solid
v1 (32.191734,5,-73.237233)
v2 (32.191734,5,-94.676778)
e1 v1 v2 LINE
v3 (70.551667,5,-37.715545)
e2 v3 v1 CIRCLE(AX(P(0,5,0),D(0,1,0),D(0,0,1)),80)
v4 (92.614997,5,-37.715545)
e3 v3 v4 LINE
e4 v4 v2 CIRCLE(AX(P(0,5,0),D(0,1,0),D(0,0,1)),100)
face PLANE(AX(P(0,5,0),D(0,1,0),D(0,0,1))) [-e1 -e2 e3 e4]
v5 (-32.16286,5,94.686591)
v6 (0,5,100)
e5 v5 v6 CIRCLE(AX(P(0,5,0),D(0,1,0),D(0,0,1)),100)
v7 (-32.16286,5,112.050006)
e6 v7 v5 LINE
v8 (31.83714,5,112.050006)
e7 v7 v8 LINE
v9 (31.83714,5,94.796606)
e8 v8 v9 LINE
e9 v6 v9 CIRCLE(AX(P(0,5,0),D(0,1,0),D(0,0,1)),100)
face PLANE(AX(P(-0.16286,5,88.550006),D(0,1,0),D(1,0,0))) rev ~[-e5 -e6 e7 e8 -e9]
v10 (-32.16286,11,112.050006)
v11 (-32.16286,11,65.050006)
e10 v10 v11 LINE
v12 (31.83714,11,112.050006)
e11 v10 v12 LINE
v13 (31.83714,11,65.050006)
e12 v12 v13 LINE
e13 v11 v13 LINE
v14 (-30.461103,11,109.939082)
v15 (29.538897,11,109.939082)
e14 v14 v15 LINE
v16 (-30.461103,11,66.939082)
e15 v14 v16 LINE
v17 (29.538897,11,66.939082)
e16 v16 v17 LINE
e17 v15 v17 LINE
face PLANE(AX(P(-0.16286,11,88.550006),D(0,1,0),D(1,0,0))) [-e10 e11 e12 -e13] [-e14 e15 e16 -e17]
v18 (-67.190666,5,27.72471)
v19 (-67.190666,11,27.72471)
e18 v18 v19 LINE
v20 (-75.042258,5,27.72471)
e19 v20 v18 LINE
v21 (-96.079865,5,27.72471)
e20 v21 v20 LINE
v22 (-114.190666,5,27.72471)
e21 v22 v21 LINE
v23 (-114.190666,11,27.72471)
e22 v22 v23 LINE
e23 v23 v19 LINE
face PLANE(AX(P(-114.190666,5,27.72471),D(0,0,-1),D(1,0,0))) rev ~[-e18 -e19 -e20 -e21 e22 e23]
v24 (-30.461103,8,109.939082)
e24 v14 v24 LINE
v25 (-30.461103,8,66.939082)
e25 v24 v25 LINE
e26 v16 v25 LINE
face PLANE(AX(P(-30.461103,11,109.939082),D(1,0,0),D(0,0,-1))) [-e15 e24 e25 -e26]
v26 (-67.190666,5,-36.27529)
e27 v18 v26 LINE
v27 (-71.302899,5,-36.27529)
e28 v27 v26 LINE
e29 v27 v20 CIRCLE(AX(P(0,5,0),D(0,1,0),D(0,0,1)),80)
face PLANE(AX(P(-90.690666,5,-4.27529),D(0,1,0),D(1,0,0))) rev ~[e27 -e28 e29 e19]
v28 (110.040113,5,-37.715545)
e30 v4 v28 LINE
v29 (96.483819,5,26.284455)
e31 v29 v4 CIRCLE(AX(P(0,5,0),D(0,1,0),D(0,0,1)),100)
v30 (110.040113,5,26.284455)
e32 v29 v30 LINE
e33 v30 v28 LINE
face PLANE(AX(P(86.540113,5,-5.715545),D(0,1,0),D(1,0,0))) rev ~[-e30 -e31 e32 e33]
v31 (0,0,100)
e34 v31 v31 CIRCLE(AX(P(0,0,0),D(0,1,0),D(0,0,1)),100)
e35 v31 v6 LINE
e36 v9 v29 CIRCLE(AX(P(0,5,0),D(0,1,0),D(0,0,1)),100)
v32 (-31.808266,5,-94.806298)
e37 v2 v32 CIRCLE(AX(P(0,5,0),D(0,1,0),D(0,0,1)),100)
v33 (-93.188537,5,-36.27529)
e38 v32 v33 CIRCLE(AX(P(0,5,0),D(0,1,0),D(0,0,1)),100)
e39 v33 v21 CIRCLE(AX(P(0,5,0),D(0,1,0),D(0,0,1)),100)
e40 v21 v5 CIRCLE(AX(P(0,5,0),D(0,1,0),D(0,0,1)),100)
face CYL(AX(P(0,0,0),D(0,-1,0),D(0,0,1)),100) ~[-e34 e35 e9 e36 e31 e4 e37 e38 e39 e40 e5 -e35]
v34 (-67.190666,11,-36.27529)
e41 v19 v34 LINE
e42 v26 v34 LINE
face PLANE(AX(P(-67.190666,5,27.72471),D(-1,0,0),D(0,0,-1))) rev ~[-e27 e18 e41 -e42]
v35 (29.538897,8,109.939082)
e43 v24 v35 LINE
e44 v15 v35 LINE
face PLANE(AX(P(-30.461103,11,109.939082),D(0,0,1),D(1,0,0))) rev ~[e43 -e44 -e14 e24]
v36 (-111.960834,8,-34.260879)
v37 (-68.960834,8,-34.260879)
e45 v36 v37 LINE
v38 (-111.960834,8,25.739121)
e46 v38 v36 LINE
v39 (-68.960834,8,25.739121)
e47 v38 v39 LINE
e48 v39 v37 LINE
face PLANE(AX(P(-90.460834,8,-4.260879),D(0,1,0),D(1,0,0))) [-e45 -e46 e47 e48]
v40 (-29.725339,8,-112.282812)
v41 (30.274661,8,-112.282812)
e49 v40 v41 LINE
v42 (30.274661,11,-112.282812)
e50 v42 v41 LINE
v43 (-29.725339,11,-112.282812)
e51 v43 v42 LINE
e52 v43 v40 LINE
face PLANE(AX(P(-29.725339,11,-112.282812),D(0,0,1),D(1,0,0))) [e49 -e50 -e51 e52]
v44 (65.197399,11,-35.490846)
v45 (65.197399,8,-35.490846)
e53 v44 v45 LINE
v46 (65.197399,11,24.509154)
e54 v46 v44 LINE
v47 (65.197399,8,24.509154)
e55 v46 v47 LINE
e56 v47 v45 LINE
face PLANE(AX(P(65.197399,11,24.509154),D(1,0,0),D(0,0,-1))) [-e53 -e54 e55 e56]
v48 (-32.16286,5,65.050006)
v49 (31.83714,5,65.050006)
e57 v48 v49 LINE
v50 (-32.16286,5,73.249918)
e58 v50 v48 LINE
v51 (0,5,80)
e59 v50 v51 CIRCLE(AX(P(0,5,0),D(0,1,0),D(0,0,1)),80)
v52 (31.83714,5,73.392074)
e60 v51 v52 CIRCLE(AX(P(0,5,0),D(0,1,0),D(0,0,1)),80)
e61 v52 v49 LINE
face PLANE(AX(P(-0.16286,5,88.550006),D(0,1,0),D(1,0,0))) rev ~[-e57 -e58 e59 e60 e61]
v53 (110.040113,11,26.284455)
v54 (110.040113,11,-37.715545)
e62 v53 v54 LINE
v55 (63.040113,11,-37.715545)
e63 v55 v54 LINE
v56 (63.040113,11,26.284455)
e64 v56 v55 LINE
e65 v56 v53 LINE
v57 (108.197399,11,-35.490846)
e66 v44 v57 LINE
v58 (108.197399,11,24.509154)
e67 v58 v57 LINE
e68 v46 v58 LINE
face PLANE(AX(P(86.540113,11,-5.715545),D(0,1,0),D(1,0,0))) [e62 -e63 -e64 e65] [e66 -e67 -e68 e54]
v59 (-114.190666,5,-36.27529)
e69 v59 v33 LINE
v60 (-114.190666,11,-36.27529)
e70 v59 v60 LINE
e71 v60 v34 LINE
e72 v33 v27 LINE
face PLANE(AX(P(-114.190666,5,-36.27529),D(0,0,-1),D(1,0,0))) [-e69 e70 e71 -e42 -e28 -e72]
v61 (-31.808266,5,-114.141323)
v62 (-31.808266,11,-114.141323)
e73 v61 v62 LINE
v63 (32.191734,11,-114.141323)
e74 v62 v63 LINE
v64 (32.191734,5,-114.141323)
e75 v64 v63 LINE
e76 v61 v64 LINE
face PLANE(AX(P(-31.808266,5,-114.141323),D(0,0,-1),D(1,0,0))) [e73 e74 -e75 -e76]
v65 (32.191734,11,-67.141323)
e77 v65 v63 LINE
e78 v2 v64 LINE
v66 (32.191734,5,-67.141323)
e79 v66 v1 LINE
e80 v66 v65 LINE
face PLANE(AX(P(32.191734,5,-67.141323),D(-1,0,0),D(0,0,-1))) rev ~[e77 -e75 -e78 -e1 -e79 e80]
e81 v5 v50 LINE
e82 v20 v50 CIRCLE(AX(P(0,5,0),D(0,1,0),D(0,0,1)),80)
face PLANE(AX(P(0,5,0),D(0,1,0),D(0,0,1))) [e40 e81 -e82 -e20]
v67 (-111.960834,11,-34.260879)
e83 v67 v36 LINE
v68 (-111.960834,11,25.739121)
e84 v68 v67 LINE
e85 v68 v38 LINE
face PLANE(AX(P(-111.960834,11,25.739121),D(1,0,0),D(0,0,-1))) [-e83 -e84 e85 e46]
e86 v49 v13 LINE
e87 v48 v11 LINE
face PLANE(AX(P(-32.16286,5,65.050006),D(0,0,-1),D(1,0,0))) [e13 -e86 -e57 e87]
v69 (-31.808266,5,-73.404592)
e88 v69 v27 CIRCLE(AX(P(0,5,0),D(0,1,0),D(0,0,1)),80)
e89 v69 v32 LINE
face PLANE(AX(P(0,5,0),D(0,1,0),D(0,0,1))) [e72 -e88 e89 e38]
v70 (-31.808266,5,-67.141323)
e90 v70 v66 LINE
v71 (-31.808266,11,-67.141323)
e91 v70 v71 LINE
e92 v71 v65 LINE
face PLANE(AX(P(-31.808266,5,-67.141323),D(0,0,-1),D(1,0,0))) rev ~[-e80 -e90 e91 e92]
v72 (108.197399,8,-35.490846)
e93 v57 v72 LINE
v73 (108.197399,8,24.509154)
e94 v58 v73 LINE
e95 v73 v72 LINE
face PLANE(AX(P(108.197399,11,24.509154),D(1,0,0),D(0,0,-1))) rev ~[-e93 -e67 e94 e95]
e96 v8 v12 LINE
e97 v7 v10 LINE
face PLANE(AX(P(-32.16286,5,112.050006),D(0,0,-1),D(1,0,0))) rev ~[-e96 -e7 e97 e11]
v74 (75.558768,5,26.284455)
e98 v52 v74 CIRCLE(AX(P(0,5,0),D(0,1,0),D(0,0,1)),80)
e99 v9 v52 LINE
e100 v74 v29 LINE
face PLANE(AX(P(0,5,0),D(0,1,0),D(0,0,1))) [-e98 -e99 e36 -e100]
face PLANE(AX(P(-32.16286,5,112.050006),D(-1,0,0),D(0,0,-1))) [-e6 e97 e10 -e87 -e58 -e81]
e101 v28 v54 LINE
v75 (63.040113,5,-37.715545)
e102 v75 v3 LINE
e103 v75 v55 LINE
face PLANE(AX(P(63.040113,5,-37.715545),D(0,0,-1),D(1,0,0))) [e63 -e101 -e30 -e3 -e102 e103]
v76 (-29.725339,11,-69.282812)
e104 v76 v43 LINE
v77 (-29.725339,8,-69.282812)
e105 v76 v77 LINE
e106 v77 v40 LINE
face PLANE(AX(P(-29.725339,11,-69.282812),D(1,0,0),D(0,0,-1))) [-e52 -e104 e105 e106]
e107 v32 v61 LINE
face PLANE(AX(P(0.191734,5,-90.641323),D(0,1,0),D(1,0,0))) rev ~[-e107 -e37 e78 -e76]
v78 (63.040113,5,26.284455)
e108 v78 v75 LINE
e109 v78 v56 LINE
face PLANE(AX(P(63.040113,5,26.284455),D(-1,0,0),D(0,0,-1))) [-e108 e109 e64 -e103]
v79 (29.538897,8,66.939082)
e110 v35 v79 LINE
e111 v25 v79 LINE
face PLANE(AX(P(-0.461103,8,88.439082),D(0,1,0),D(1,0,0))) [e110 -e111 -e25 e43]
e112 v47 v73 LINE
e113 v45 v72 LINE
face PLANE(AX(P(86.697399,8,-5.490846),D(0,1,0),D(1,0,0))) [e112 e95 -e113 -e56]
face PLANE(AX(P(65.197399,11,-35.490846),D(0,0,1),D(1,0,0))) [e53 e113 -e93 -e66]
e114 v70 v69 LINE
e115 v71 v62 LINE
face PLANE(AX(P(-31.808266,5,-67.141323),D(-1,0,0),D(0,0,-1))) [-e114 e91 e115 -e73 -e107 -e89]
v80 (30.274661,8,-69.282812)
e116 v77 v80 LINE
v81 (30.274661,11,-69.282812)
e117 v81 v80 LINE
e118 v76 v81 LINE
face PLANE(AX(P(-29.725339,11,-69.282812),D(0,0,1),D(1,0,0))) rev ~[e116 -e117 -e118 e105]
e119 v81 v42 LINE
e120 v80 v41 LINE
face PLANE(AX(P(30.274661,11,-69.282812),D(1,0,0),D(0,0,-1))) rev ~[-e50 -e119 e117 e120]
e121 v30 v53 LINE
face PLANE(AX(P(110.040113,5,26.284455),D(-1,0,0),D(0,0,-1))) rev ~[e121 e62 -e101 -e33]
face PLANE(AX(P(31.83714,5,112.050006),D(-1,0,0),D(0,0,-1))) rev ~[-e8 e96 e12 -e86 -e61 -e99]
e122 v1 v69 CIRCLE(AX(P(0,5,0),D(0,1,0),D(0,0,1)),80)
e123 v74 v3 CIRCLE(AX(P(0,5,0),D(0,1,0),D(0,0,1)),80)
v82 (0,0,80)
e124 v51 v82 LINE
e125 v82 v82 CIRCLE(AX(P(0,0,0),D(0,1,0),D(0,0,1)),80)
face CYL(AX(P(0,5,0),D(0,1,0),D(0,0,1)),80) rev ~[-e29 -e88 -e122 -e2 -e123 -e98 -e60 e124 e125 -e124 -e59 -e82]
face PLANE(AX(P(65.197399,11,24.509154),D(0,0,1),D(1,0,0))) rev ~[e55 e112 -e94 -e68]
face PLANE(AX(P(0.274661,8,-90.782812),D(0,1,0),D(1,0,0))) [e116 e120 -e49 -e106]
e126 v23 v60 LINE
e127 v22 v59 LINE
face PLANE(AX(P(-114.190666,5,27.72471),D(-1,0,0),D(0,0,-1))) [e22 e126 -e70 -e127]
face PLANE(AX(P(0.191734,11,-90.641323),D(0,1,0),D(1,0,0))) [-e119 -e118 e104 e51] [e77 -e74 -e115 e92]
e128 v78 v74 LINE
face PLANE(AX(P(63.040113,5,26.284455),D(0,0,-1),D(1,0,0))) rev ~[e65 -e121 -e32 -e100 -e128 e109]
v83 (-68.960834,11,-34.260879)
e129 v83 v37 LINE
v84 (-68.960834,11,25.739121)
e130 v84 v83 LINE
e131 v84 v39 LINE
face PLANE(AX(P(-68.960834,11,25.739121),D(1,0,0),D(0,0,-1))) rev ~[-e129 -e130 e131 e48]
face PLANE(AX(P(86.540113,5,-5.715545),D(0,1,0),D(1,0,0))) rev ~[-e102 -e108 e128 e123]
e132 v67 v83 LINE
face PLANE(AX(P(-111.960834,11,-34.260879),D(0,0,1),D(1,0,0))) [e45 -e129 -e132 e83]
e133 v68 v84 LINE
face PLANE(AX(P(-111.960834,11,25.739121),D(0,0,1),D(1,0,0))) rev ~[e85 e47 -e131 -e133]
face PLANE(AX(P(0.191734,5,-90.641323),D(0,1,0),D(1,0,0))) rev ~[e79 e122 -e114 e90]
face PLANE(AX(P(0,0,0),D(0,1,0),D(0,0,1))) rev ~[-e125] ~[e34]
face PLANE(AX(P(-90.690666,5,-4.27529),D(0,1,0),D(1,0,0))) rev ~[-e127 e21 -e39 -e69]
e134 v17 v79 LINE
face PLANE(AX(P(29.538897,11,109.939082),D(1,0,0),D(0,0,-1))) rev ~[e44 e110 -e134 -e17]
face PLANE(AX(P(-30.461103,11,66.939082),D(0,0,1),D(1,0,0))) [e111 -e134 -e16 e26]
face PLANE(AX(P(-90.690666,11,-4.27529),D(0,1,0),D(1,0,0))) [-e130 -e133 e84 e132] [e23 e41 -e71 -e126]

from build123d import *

# Parameters (mm, degrees)
SKETCH_1_R          = 100
EXTRUDE_2_DEPTH     = 5
SKETCH_3_R          = 80
CUT_EXTRUDE_1_DEPTH = 5
SKETCH_4_W          = 64
SKETCH_4_H          = 47
SKETCH_4_W_2        = 47
SKETCH_4_H_2        = 64
EXTRUDE_4_DEPTH     = 6
SKETCH_7_W          = 60
SKETCH_7_H          = 43
SKETCH_7_W_2        = 43
SKETCH_7_H_2        = 60
CUT_EXTRUDE_2_DEPTH = 3


with BuildPart() as part:
    # 草图1 → 凸台-拉伸2 (new body)
    with BuildSketch(Plane(origin=(0, 0, 0), x_dir=(1, 0, 0), z_dir=(0, 1, 0))):
        with Locations(Location((0, 0, 0), (0, 0, 270))):
            Circle(SKETCH_1_R)
    extrude(amount=EXTRUDE_2_DEPTH)

    # 草图3 → 切除-拉伸1 (cut)
    with BuildSketch(Plane(origin=(0, 5, 0), x_dir=(1, 0, 0), z_dir=(0, 1, 0))):
        with Locations(Location((0, 0, 0), (0, 0, 270))):
            Circle(SKETCH_3_R)
    extrude(amount=-CUT_EXTRUDE_1_DEPTH, mode=Mode.SUBTRACT)

    # 草图4 → 凸台-拉伸4 (add)
    with BuildSketch(Plane(origin=(0, 5, 0), x_dir=(1, 0, 0), z_dir=(0, 1, 0))):
        with Locations((-0.162859843, -88.550006354)):
            Rectangle(SKETCH_4_W, SKETCH_4_H)
        with Locations((0.19173376, 90.641323137)):
            Rectangle(SKETCH_4_W, SKETCH_4_H)
        with Locations((-90.690666059, 4.275289792)):
            Rectangle(SKETCH_4_W_2, SKETCH_4_H_2)
        with Locations((86.540113404, 5.715544521)):
            Rectangle(SKETCH_4_W_2, SKETCH_4_H_2)
    extrude(amount=EXTRUDE_4_DEPTH)

    # 草图7 → 切除-拉伸2 (cut)
    with BuildSketch(Plane(origin=(0, 11, 0), x_dir=(1, 0, 0), z_dir=(0, 1, 0))):
        with Locations((-0.461103179, -88.439082163)):
            Rectangle(SKETCH_7_W, SKETCH_7_H)
        with Locations((0.274660962, 90.782811556)):
            Rectangle(SKETCH_7_W, SKETCH_7_H)
        with Locations((86.697399142, 5.490846131)):
            Rectangle(SKETCH_7_W_2, SKETCH_7_H_2)
        with Locations((-90.460833893, 4.260878525)):
            Rectangle(SKETCH_7_W_2, SKETCH_7_H_2)
    extrude(amount=-CUT_EXTRUDE_2_DEPTH, mode=Mode.SUBTRACT)


solid = part.part
